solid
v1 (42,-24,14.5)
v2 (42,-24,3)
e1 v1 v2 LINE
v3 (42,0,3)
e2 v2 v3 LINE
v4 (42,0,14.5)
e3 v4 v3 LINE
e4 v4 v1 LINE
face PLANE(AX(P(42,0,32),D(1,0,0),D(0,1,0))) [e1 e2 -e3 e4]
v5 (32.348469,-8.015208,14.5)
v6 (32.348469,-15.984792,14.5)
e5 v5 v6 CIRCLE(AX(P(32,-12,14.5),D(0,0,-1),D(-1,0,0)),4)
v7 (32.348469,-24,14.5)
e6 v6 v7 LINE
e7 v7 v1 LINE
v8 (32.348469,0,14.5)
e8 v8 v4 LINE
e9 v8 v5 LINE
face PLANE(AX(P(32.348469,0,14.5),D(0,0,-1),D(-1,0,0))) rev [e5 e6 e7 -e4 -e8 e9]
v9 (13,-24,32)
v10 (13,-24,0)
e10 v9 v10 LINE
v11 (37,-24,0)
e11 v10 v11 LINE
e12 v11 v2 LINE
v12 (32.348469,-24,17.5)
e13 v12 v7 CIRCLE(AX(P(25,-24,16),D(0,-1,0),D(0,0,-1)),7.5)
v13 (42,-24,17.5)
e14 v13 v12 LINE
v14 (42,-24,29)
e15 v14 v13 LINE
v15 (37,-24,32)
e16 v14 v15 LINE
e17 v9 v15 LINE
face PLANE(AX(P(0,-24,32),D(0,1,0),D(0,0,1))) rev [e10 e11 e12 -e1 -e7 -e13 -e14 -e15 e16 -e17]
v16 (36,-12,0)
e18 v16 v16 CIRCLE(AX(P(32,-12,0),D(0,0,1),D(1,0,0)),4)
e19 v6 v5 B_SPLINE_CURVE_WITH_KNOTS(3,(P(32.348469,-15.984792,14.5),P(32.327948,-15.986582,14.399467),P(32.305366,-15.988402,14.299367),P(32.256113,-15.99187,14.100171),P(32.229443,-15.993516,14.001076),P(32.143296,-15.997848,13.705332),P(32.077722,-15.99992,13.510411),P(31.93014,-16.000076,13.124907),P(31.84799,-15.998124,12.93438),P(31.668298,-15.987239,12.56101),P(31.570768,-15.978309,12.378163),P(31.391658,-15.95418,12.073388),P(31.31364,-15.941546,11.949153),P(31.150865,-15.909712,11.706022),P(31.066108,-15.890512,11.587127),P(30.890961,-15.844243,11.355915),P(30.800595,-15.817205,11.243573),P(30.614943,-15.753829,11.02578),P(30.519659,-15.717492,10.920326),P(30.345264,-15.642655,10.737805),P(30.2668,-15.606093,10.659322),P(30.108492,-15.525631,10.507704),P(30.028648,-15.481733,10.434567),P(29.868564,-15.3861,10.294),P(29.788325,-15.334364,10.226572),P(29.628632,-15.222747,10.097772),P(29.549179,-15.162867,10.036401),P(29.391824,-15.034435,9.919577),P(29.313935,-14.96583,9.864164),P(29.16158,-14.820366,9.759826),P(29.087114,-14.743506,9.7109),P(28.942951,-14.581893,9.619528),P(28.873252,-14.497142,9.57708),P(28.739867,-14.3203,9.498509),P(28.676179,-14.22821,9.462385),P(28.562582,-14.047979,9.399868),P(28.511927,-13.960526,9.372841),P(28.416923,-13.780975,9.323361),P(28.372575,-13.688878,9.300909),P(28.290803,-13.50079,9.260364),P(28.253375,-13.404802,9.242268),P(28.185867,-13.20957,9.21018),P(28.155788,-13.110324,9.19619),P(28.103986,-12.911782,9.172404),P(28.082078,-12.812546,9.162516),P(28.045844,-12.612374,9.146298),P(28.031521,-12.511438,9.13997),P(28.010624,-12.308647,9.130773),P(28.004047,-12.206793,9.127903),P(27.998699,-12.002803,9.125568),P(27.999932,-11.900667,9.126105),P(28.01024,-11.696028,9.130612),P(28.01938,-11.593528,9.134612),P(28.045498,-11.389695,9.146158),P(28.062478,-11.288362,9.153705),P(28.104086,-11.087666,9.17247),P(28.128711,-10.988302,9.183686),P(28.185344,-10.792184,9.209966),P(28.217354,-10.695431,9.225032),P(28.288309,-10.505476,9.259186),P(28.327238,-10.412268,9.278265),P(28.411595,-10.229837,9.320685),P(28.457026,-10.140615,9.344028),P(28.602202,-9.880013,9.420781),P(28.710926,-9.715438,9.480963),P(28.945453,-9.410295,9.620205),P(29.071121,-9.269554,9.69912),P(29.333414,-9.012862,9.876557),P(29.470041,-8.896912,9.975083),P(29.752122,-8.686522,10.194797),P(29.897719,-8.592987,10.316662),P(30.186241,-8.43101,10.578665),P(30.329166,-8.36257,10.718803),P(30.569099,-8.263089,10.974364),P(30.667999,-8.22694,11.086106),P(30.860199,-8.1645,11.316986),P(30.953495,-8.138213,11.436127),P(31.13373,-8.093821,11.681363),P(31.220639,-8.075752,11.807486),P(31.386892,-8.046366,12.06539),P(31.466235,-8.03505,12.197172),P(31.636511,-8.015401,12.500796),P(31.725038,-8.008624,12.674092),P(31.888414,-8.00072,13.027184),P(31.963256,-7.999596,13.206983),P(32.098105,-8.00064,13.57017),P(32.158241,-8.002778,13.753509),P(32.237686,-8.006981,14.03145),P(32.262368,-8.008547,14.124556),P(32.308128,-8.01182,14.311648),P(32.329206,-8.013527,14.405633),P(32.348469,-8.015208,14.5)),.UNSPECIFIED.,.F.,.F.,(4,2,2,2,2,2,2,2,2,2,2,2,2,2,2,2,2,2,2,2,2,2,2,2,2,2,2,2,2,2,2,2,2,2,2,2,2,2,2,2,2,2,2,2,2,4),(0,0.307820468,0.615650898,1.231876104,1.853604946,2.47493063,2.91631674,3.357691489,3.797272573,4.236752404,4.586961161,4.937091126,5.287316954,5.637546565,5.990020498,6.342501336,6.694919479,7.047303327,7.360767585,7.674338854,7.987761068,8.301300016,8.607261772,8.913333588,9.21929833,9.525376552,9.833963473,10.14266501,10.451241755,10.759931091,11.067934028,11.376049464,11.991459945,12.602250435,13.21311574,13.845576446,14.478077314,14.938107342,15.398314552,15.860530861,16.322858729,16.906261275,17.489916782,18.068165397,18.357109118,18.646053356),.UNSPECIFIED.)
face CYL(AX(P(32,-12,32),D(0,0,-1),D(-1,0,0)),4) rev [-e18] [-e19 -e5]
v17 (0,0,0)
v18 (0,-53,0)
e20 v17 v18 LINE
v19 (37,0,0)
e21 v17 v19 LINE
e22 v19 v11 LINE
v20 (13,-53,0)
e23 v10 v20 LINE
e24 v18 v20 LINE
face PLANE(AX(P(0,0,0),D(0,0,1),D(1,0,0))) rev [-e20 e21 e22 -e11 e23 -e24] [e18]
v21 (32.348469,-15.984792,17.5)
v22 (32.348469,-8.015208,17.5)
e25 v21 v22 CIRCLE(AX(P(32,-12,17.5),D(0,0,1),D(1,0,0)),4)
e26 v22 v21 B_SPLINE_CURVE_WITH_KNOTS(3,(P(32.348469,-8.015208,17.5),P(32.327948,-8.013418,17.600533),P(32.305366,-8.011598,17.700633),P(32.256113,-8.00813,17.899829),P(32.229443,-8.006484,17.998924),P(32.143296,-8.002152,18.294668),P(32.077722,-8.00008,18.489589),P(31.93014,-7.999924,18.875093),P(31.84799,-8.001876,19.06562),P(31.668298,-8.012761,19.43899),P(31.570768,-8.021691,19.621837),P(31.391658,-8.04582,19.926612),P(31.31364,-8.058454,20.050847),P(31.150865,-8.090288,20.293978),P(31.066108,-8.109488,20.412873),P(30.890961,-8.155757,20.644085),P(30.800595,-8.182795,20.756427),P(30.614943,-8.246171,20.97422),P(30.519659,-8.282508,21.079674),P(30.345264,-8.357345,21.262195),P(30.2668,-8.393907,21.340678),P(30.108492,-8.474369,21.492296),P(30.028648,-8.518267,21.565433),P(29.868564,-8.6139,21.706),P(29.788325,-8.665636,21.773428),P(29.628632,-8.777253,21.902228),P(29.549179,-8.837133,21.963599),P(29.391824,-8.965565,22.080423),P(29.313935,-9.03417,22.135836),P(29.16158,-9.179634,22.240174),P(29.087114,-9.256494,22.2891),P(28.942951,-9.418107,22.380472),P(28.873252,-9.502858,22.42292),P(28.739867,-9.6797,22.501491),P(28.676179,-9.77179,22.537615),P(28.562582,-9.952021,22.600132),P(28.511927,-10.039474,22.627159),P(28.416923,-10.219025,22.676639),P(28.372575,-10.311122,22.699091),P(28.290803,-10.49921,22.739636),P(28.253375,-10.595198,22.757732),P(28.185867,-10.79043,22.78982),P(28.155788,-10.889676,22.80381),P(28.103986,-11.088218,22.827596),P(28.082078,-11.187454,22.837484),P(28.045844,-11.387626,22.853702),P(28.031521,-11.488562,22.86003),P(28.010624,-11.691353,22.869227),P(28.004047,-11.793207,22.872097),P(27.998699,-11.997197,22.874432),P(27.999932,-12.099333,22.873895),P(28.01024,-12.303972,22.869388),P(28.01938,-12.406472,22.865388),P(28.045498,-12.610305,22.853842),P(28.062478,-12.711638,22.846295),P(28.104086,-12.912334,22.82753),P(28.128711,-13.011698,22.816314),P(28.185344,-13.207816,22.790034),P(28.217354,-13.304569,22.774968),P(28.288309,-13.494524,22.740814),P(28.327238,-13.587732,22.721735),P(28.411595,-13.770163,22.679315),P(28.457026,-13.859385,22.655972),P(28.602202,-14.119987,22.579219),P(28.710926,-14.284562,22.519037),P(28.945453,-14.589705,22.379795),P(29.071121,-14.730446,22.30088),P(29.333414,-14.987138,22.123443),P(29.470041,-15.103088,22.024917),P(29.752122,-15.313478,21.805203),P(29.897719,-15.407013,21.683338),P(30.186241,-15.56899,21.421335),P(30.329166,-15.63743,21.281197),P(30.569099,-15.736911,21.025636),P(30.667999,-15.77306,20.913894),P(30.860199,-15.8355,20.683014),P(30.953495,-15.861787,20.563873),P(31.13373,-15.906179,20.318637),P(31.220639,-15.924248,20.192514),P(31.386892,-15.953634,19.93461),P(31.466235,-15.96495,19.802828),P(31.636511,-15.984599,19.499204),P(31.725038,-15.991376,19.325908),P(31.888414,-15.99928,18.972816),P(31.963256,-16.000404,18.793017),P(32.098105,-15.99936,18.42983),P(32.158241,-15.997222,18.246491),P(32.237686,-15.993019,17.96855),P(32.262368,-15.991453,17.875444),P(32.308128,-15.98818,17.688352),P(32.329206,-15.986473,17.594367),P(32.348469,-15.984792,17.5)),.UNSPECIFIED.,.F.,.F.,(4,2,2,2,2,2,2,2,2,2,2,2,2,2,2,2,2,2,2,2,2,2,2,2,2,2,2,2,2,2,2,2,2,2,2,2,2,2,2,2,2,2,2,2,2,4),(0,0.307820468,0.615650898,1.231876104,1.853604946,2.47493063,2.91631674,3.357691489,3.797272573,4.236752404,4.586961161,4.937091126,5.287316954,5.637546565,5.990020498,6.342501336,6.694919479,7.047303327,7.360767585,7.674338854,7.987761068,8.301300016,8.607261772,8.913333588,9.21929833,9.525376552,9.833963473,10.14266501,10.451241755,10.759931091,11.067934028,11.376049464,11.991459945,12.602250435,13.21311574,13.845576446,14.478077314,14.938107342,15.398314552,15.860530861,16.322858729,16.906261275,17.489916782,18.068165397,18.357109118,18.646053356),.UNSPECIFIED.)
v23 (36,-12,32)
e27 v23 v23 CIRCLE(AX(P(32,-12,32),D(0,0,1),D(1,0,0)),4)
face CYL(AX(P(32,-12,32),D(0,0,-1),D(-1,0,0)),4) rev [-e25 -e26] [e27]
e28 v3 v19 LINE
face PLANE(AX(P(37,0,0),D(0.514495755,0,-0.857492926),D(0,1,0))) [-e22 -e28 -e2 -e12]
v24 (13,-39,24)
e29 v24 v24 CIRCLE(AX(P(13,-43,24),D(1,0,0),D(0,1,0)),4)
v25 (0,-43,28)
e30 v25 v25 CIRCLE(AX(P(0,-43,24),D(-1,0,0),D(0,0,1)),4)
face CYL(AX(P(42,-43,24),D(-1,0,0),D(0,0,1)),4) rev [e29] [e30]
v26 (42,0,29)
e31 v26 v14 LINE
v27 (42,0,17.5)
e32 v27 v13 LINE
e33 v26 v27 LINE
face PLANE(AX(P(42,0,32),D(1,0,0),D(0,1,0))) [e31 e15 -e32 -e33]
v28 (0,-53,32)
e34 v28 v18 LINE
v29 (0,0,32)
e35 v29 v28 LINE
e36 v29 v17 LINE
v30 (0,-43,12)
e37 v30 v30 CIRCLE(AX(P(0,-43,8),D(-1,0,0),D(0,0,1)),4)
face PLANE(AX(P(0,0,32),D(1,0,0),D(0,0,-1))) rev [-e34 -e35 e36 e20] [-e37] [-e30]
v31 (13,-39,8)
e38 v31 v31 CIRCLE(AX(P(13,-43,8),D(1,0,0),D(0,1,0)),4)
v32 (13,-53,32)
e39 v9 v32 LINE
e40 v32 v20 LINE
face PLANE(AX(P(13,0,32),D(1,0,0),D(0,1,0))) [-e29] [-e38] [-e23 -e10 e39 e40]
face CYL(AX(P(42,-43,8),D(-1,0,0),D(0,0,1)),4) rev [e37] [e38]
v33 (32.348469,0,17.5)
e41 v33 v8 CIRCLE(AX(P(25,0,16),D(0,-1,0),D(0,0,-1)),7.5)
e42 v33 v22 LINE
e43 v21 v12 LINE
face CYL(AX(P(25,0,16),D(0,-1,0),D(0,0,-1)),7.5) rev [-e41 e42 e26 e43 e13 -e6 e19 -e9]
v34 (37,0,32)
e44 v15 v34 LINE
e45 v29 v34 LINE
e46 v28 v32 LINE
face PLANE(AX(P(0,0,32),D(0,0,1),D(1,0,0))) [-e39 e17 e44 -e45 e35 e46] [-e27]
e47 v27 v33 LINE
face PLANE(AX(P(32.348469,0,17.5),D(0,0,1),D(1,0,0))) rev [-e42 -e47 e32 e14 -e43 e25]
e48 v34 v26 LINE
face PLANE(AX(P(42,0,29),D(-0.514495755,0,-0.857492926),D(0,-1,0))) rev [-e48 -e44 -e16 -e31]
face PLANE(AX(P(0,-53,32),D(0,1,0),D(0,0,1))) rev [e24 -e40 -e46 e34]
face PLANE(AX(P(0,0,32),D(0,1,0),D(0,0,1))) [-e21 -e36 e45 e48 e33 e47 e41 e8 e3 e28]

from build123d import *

# Parameters (mm, degrees)
SKETCH1_R           = 4
BOSS_EXTRUDE1_DEPTH = 32
SKETCH2_R           = 4
CUT_EXTRUDE1_DEPTH  = 75.813100457
CUT_EXTRUDE2_DEPTH  = 61.241181927
CHAMFER1_SIZE       = 5
CHAMFER1_SIZE2      = 3
CHAMFER2_SIZE       = 3
CHAMFER2_SIZE2      = 5


with BuildPart() as part:
    # Sketch1 → Boss-Extrude1 (new body)
    with BuildSketch(Plane.XY):
        Polygon((42, 0), (42, -24), (13, -24), (13, -53), (0, -53), (0, 0), align=None)
        with Locations((32, -12)):
            Circle(SKETCH1_R, mode=Mode.SUBTRACT)
    extrude(amount=BOSS_EXTRUDE1_DEPTH)

    # Sketch2 → Cut-Extrude1 (cut, through all)
    with BuildSketch(Plane.ZY):
        with Locations((8, -43)):
            Circle(SKETCH2_R)
        with Locations((24, -43)):
            Circle(SKETCH2_R)
    extrude(amount=-CUT_EXTRUDE1_DEPTH, mode=Mode.SUBTRACT)

    # Sketch3 → Cut-Extrude2 (cut, through all)
    with BuildSketch(Plane.XZ.offset(24)):
        with BuildLine():
            Line((32.348469228, 17.5), (42, 17.5))
            Line((42, 17.5), (42, 14.5))
            Line((42, 14.5), (32.348469228, 14.5))
            ThreePointArc((32.348469228, 14.5), (17.5, 16), (32.348469228, 17.5))
        make_face()
    extrude(amount=-CUT_EXTRUDE2_DEPTH, mode=Mode.SUBTRACT)

    # Chamfer1
    chamfer1_edges = [part.edges().sort_by_distance(p)[0] for p in [
        (42, -12, 32),
    ]]
    chamfer1_side = [part.faces().sort_by_distance(p)[0] for p in [
        (16.490174092, -19.485009093, 32),
    ]]
    chamfer(chamfer1_edges, length=CHAMFER1_SIZE, length2=CHAMFER1_SIZE2, reference=chamfer1_side[0])

    # Chamfer2
    chamfer2_edges = [part.edges().sort_by_distance(p)[0] for p in [
        (42, -12, 0),
    ]]
    chamfer2_side = [part.faces().sort_by_distance(p)[0] for p in [
        (42, -12, 7.25),
    ]]
    chamfer(chamfer2_edges, length=CHAMFER2_SIZE, length2=CHAMFER2_SIZE2, reference=chamfer2_side[0])


solid = part.part
